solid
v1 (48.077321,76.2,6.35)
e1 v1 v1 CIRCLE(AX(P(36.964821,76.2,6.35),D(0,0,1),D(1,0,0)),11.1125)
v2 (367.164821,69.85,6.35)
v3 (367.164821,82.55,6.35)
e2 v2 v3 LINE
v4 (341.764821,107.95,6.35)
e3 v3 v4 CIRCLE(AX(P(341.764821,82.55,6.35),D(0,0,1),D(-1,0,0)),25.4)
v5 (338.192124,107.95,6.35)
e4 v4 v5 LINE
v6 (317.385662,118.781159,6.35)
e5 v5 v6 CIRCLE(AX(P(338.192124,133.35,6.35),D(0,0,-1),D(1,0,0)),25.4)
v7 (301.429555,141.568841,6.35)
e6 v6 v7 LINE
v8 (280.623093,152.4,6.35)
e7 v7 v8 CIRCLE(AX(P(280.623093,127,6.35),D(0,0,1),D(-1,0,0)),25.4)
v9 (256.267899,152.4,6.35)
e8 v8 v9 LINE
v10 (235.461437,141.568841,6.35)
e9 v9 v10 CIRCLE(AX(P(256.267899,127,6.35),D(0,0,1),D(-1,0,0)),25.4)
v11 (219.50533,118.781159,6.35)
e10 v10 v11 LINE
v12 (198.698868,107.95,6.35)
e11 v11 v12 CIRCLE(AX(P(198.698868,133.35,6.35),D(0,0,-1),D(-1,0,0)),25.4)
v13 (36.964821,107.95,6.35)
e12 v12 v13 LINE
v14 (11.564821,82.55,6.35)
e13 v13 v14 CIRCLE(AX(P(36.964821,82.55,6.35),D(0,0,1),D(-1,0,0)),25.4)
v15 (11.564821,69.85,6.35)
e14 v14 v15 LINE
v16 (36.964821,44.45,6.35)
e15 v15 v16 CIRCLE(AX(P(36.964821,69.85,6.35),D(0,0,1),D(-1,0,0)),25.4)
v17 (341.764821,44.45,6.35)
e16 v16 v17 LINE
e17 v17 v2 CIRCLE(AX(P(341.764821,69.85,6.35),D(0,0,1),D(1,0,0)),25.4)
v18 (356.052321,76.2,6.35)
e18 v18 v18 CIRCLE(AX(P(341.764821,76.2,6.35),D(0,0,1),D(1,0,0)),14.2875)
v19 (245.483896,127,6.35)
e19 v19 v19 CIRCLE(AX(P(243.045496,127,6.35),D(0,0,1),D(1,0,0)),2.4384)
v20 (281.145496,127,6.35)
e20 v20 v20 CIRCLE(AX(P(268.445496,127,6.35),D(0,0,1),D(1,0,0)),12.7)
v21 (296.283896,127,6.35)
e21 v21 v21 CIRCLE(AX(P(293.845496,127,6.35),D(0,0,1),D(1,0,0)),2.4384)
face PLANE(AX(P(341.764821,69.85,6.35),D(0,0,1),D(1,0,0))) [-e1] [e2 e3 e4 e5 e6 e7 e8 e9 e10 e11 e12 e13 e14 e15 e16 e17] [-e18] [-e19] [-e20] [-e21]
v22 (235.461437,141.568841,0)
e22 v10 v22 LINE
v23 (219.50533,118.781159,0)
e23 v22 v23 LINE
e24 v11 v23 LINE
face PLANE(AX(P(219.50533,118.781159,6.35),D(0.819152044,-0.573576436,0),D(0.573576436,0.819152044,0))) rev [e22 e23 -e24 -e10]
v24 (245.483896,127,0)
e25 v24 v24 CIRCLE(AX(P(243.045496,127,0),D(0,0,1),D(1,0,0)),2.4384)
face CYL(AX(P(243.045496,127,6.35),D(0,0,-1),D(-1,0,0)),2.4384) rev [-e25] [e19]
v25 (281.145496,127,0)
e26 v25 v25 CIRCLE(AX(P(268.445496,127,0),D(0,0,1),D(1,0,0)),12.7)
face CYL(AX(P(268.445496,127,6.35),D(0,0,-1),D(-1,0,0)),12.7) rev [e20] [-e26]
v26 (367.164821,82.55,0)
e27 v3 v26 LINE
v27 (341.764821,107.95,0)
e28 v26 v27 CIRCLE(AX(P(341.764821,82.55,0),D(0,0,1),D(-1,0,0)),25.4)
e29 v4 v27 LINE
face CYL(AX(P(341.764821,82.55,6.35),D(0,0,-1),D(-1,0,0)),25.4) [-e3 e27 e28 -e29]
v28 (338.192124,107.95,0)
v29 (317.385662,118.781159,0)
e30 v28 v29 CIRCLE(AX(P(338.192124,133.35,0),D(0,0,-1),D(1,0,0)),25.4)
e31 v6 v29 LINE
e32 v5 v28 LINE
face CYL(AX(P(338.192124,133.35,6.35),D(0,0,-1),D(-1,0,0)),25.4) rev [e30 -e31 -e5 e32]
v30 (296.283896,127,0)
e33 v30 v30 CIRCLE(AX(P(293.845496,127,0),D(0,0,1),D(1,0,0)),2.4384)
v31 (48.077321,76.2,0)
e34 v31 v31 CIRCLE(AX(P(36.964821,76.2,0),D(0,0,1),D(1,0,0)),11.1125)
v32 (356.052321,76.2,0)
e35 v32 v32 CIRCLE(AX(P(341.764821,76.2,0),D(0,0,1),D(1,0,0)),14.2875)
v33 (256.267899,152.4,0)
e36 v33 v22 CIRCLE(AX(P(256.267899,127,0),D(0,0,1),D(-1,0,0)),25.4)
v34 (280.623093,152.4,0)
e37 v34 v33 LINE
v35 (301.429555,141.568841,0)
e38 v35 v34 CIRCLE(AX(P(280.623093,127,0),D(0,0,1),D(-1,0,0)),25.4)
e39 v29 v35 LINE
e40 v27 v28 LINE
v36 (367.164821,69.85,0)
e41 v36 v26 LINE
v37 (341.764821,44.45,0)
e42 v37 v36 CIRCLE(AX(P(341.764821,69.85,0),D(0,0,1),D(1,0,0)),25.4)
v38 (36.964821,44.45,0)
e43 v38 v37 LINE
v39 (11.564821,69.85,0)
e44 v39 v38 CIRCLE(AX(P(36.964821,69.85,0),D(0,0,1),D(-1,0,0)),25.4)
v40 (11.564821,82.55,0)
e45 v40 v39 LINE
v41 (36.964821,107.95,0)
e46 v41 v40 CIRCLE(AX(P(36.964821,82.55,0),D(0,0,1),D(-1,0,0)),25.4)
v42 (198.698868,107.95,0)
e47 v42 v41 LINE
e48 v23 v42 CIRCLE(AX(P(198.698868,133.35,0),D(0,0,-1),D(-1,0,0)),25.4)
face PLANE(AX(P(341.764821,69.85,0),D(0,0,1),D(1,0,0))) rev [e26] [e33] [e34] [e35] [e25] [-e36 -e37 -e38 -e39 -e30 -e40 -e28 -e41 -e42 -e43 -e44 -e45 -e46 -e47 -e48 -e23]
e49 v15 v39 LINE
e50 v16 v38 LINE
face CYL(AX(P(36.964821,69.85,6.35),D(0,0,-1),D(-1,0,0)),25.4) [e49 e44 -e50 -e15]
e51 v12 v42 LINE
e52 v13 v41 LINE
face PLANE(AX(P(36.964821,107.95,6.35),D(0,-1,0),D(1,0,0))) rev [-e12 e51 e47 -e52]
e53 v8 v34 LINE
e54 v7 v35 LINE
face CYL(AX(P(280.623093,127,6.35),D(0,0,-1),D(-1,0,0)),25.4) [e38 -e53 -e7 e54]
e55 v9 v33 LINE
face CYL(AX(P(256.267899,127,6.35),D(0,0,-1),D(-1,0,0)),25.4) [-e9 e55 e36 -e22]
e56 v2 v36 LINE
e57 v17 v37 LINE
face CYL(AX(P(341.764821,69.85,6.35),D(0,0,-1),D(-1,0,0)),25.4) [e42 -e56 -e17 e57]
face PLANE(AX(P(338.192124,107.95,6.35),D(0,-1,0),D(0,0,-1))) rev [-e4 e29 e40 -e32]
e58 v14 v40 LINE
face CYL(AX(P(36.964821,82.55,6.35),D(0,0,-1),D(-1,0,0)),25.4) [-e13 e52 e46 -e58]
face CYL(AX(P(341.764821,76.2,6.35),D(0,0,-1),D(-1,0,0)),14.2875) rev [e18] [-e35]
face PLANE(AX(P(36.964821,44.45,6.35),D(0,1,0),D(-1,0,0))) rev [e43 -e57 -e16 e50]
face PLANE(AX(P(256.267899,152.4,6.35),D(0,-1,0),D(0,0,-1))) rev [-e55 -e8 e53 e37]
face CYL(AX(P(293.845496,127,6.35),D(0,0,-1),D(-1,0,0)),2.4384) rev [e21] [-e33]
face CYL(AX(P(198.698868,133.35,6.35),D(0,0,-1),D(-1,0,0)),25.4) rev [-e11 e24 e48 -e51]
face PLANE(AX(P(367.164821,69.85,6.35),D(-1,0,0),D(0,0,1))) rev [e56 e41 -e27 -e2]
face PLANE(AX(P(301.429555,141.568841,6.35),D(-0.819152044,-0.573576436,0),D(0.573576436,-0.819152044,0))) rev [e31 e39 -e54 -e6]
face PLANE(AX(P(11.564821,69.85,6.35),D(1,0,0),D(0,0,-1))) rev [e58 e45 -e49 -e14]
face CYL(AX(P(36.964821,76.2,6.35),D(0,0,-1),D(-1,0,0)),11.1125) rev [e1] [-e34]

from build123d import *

# Parameters (mm, degrees)
LAYOUT_R            = 11.1125
LAYOUT_R_2          = 14.2875
LAYOUT_R_3          = 2.4384
LAYOUT_R_4          = 12.7
BOSS_EXTRUDE1_DEPTH = 6.35


with BuildPart() as part:
    # Layout → Boss-Extrude1 (new body)
    with BuildSketch(Plane.XY):
        with BuildLine():
            Line((36.96482124, 44.45), (341.76482124, 44.45))
            ThreePointArc((341.76482124, 44.45), (359.725333482, 51.889487758), (367.16482124, 69.85))
            Line((367.16482124, 69.85), (367.16482124, 82.55))
            ThreePointArc((367.16482124, 82.55), (359.725333482, 100.510512242), (341.76482124, 107.95))
            Line((341.76482124, 107.95), (338.192123961, 107.95))
            ThreePointArc((338.192123961, 107.95), (326.463709185, 110.819924837), (317.385662036, 118.781158517))
            Line((317.385662036, 118.781158517), (301.429554645, 141.568841483))
            ThreePointArc((301.429554645, 141.568841483), (292.351507496, 149.530075163), (280.62309272, 152.4))
            Line((280.62309272, 152.4), (256.267898888, 152.4))
            ThreePointArc((256.267898888, 152.4), (244.539484112, 149.530075163), (235.461436963, 141.568841483))
            Line((235.461436963, 141.568841483), (219.505329571, 118.781158517))
            ThreePointArc((219.505329571, 118.781158517), (210.427282423, 110.819924837), (198.698867646, 107.95))
            Line((198.698867646, 107.95), (36.96482124, 107.95))
            ThreePointArc((36.96482124, 107.95), (19.004308998, 100.510512242), (11.56482124, 82.55))
            Line((11.56482124, 82.55), (11.56482124, 69.85))
            ThreePointArc((11.56482124, 69.85), (19.004308998, 51.889487758), (36.96482124, 44.45))
        make_face()
        with Locations((36.96482124, 76.2)):
            Circle(LAYOUT_R, mode=Mode.SUBTRACT)
        with Locations((341.76482124, 76.2)):
            Circle(LAYOUT_R_2, mode=Mode.SUBTRACT)
        with Locations((243.045495804, 127)):
            Circle(LAYOUT_R_3, mode=Mode.SUBTRACT)
        with Locations((293.845495804, 127)):
            Circle(LAYOUT_R_3, mode=Mode.SUBTRACT)
        with Locations((268.445495804, 127)):
            Circle(LAYOUT_R_4, mode=Mode.SUBTRACT)
    extrude(amount=BOSS_EXTRUDE1_DEPTH)


solid = part.part
